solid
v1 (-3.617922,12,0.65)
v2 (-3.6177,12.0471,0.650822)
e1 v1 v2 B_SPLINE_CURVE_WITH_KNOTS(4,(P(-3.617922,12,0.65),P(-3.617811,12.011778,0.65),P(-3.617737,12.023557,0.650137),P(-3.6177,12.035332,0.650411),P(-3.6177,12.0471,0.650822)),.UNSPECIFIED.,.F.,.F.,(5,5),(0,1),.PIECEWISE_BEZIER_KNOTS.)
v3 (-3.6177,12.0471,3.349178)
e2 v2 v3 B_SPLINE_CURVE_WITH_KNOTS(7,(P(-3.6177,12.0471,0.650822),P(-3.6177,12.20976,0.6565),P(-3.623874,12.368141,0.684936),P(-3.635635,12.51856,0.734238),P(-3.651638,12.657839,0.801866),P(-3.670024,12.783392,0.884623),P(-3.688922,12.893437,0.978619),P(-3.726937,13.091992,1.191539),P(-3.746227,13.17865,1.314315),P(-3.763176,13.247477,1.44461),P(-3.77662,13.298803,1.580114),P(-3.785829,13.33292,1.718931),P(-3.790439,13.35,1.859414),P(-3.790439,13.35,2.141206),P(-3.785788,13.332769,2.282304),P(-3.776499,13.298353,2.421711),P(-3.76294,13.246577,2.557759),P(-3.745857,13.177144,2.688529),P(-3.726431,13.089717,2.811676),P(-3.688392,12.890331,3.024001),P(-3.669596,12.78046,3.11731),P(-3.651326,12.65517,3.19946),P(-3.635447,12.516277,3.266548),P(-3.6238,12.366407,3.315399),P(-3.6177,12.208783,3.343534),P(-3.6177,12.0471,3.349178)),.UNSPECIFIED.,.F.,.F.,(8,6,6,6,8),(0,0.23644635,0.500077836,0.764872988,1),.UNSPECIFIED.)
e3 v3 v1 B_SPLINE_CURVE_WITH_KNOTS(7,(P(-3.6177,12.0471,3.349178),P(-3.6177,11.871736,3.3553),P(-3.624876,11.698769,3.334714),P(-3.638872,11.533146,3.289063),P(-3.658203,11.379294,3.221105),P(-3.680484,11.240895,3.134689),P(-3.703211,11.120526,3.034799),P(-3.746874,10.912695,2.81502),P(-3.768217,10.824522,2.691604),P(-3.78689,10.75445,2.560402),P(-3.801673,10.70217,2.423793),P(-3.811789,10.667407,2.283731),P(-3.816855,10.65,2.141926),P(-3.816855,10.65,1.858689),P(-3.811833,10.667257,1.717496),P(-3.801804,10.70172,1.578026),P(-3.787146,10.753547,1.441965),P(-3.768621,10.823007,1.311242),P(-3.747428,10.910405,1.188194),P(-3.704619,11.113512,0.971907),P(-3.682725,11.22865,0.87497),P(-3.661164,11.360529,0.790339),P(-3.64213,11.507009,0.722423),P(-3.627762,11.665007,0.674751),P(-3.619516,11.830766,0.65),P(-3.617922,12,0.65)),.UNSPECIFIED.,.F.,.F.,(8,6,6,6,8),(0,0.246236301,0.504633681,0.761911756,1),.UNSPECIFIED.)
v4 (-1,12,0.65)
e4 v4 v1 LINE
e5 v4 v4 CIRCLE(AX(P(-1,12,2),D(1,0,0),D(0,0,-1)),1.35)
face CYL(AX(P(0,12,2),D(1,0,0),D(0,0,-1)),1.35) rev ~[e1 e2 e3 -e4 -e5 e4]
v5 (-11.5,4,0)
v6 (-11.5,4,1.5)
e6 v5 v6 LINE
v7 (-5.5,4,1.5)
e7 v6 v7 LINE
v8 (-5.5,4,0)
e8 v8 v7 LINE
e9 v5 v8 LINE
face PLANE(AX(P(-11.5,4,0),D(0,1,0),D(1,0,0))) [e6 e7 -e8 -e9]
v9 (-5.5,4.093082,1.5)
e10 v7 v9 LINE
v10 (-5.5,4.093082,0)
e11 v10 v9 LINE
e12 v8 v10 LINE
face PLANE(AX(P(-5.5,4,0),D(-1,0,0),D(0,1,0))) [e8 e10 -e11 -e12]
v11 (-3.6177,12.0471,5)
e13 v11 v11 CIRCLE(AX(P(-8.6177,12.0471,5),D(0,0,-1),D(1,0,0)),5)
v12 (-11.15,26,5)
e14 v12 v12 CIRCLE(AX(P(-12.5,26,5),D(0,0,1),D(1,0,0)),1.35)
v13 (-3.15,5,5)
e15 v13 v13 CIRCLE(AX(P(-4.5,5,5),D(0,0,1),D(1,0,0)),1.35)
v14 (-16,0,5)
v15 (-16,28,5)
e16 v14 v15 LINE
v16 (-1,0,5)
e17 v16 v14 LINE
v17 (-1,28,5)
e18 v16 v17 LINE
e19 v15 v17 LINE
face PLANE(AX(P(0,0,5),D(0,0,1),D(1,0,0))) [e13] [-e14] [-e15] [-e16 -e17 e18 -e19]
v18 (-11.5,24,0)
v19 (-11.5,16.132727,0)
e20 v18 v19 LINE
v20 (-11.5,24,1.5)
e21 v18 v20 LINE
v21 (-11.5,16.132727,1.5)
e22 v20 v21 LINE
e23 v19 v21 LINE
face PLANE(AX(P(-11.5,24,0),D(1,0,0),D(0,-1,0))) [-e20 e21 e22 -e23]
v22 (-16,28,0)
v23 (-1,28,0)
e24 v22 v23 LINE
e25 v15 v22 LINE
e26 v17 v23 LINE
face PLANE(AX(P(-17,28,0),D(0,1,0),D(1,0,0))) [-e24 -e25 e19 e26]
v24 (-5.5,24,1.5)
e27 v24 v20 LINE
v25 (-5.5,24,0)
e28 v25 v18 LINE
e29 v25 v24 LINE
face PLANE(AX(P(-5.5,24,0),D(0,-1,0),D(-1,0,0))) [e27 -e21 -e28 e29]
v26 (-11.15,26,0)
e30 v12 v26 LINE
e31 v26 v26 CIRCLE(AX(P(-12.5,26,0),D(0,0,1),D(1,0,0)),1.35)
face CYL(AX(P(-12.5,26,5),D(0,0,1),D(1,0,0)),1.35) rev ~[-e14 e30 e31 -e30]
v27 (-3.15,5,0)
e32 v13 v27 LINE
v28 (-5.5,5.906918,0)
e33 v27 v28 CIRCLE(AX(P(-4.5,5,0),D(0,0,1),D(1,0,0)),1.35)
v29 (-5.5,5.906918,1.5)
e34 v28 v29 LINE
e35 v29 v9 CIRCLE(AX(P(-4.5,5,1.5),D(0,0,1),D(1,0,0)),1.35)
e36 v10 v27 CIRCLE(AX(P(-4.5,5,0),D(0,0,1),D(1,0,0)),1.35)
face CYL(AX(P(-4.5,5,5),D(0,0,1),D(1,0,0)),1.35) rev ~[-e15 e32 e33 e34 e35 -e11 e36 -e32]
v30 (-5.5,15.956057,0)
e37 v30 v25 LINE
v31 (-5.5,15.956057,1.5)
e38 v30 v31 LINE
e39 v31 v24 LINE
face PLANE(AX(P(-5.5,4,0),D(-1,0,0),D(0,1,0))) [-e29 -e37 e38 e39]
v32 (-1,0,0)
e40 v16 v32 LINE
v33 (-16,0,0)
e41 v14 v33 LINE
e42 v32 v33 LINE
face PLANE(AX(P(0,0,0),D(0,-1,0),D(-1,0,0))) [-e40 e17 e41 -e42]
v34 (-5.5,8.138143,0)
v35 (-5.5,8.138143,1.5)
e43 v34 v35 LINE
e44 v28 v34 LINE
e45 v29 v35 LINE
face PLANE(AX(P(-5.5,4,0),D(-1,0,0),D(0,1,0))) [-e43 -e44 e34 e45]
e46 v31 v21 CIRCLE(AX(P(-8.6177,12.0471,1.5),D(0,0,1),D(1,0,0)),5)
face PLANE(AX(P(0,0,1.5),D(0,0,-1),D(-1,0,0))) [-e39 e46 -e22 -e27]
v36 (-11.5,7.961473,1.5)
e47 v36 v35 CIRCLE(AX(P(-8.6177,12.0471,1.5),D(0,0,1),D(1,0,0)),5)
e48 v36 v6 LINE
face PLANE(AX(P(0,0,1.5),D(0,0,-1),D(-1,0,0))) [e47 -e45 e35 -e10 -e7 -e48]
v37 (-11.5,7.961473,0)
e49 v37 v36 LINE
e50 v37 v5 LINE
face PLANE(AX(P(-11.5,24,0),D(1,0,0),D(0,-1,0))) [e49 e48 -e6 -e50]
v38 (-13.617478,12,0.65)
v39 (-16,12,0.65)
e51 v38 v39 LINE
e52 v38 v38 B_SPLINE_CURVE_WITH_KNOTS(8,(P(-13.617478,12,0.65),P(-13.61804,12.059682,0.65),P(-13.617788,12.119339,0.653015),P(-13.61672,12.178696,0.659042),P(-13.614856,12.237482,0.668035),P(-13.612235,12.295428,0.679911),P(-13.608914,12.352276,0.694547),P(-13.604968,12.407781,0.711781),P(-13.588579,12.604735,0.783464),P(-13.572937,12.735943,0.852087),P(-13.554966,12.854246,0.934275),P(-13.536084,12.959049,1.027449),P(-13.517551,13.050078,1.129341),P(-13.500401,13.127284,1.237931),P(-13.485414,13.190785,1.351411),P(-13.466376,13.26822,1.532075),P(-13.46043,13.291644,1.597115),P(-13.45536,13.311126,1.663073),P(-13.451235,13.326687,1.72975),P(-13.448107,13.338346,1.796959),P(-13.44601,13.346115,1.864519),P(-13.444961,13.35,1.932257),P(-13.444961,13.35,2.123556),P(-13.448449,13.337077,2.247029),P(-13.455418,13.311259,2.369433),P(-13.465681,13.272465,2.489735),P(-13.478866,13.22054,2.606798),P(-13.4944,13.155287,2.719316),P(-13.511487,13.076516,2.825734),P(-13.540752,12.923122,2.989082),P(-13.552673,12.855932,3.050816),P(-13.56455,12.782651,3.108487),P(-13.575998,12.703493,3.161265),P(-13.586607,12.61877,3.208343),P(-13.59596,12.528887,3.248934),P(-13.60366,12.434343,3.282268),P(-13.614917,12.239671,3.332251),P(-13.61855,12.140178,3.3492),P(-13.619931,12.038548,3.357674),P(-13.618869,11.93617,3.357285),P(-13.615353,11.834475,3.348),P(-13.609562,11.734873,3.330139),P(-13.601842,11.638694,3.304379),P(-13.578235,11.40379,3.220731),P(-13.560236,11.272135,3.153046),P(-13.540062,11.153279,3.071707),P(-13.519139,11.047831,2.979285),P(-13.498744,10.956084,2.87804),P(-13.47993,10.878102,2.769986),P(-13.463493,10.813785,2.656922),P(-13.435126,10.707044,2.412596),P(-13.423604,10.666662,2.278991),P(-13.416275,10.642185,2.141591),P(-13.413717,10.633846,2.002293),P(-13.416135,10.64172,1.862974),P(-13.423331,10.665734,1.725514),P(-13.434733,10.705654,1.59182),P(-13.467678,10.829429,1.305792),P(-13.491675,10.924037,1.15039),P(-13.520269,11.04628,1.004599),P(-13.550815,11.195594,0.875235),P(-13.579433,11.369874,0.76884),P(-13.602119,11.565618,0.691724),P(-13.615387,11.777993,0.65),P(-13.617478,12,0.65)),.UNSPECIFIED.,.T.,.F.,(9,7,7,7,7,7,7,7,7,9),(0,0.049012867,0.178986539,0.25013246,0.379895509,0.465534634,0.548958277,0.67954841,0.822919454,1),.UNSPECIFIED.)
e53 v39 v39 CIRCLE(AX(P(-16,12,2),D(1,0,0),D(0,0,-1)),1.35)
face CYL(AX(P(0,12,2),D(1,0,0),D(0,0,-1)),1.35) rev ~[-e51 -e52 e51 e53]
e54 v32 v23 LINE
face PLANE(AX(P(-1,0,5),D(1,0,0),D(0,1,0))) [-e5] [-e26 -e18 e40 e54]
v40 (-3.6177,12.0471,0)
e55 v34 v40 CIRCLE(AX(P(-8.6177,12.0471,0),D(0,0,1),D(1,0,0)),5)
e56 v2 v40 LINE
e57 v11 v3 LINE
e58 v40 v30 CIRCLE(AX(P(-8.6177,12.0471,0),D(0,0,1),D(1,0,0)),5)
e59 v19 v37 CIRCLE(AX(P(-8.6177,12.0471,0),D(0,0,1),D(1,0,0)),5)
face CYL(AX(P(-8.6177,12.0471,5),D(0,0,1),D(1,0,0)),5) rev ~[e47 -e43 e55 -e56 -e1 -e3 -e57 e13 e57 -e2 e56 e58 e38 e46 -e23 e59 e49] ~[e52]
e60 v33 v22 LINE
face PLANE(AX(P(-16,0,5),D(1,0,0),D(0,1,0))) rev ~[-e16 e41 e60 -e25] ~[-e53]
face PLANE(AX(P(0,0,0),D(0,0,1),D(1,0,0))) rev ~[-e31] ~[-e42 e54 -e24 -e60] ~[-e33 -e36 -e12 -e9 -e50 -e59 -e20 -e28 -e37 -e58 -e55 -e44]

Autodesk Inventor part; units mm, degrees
ref_plane "YZ Plane" through (0, 0, 0) normal (1, 0, 0) x (0, 1, 0)
ref_plane "XZ Plane" through (0, 0, 0) normal (0, 1, 0) x (-1, 0, 0)
ref_plane "XY Plane" through (0, 0, 0) normal (0, 0, 1) x (1, 0, 0)
sketch "Sketch2" plane through (0, 0, 0) normal (0, 0, 1) x (1, 0, 0)
  line L0 (-17, 28) -> (0, 28)
  line L1 (0, 28) -> (0, 17)
  line L2 (0, 7) -> (0, 0)
  line L3 (0, 0) -> (-17, 0)
  line L4 (-17, 0) -> (-17, 7)
  line L5 (-17, 28) -> (-17, 17)
  line L6 (-17, 17) -> (-17, 7)
  line L7 (0, 17) -> (0, 7)
  dimension "d0" = 17
  dimension "d1" = 28
extrude "Extrusion1" add sketch "Sketch2" along normal blind 5
sketch "Sketch4" plane through (0, 0, 0) normal (0, 0, -1) x (-1, 0, 0)
  line L0 (17, 28) -> (0, 28) projected
  line L1 (0, 28) -> (0, 0) projected
  line L2 (0, 0) -> (17, 0) projected
  line L3 (17, 0) -> (17, 28) projected
  line L4 (0, 28) -> (17, 28) projected
  line L5 (11.5, 24) -> (11.5, 4)
  line L6 (11.5, 4) -> (5.5, 4)
  line L7 (5.5, 4) -> (5.5, 24)
  line L8 (5.5, 24) -> (11.5, 24)
  dimension "d15" = 6
  dimension "d17" = 5.5
  dimension "d30" = 20
  dimension "d31" = 4
extrude "Extrusion3" cut sketch "Sketch4" against normal blind 1.5 contours L5 L6 L7 L8
sketch "Sketch5" plane through (0, 0, 5) normal (0, 0, 1) x (1, 0, 0)
  line L0 (0, 28) -> (-17, 28) projected
  line L1 (-17, 28) -> (-17, 0) projected
  line L2 (-17, 0) -> (0, 0) projected
  line L3 (0, 0) -> (0, 28) projected
  line L4 (-21, 17) -> (4, 7)
  line L5 (-21.4753, 7) -> (4, 17)
  circle A0 centre (-8.6177, 12.0471) radius 5
  dimension "d20" = 10
  dimension "d21" = 12.0471
extrude "Extrusion4" cut sketch "Sketch5" against normal through all contours A0 L4 L5 | L5 L4 A0 | L4 L5 A0 | A0 L5 L4
sketch "Sketch6" plane through (0, 0, 5) normal (0, 0, 1) x (1, 0, 0)
  circle A0 centre (-8.6177, 12.0471) radius 5 projected
  line L0 (0, 28) -> (-17, 28) projected
  line L1 (-17, 28) -> (-17, 0) projected
  line L2 (-17, 0) -> (0, 0) projected
  line L3 (0, 0) -> (0, 28) projected
  circle A1 centre (-12.5, 26) radius 1.35
  dimension "d24" = 2.7
  dimension "d25" = 4.5
  dimension "d26" = 2
extrude "Extrusion5" cut sketch "Sketch6" against normal through all contours A1
sketch "Sketch7" plane through (0, 0, 5) normal (0, 0, 1) x (1, 0, 0)
  line L0 (0, 0) -> (0, 28) projected
  line L1 (-17, 0) -> (0, 0) projected
  circle A0 centre (-4.5, 5) radius 1.35
  point P0 (0, 7)
  dimension "d32" = 2.7
  dimension "d33" = 4.5
  dimension "d34" = 5
extrude "Extrusion6" cut sketch "Sketch7" against normal through all
sketch "Sketch8" plane through (0, 0, 0) normal (1, 0, 0) x (0, 0, -1)
  circle A0 centre (-2, 12) radius 1.35
  line L0 (-5, 0) -> (-5, 28) projected
  line L1 (0, 0) -> (-5, 0) projected
  point P0 (0, -7)
  dimension "d37" = 2.7
  dimension "d41" = 12
extrude "Extrusion8" cut sketch "Sketch8" against normal through all
sketch "Sketch9" plane through (0, 0, 5) normal (0, 0, 1) x (1, 0, 0)
  circle A0 centre (-4.5, 5) radius 1.35 projected
  circle A1 centre (-12.5, 26) radius 1.35 projected
  circle A2 centre (-8.6177, 12.0471) radius 5 projected
  line L0 (0, 28) -> (-17, 28) projected
  line L1 (-17, 28) -> (-17, 0) projected
  line L2 (-17, 0) -> (0, 0) projected
  line L3 (0, 0) -> (0, 28) projected
  line L4 (-17, 0) -> (-16, 0)
  line L5 (-16, 0) -> (-16, 28)
  line L6 (-16, 28) -> (-17, 28)
  line L7 (-17, 28) -> (-17, 0)
  line L8 (0, 0) -> (-1, 0)
  line L9 (-1, 0) -> (-1, 28)
  line L10 (-1, 28) -> (0, 28)
  line L11 (0, 28) -> (0, 0)
extrude "Extrusion9" cut sketch "Sketch9" against normal through all contours L3 L2 L9 L0 | L5 L2 L1 L0
properties part number "tapa0.2"
